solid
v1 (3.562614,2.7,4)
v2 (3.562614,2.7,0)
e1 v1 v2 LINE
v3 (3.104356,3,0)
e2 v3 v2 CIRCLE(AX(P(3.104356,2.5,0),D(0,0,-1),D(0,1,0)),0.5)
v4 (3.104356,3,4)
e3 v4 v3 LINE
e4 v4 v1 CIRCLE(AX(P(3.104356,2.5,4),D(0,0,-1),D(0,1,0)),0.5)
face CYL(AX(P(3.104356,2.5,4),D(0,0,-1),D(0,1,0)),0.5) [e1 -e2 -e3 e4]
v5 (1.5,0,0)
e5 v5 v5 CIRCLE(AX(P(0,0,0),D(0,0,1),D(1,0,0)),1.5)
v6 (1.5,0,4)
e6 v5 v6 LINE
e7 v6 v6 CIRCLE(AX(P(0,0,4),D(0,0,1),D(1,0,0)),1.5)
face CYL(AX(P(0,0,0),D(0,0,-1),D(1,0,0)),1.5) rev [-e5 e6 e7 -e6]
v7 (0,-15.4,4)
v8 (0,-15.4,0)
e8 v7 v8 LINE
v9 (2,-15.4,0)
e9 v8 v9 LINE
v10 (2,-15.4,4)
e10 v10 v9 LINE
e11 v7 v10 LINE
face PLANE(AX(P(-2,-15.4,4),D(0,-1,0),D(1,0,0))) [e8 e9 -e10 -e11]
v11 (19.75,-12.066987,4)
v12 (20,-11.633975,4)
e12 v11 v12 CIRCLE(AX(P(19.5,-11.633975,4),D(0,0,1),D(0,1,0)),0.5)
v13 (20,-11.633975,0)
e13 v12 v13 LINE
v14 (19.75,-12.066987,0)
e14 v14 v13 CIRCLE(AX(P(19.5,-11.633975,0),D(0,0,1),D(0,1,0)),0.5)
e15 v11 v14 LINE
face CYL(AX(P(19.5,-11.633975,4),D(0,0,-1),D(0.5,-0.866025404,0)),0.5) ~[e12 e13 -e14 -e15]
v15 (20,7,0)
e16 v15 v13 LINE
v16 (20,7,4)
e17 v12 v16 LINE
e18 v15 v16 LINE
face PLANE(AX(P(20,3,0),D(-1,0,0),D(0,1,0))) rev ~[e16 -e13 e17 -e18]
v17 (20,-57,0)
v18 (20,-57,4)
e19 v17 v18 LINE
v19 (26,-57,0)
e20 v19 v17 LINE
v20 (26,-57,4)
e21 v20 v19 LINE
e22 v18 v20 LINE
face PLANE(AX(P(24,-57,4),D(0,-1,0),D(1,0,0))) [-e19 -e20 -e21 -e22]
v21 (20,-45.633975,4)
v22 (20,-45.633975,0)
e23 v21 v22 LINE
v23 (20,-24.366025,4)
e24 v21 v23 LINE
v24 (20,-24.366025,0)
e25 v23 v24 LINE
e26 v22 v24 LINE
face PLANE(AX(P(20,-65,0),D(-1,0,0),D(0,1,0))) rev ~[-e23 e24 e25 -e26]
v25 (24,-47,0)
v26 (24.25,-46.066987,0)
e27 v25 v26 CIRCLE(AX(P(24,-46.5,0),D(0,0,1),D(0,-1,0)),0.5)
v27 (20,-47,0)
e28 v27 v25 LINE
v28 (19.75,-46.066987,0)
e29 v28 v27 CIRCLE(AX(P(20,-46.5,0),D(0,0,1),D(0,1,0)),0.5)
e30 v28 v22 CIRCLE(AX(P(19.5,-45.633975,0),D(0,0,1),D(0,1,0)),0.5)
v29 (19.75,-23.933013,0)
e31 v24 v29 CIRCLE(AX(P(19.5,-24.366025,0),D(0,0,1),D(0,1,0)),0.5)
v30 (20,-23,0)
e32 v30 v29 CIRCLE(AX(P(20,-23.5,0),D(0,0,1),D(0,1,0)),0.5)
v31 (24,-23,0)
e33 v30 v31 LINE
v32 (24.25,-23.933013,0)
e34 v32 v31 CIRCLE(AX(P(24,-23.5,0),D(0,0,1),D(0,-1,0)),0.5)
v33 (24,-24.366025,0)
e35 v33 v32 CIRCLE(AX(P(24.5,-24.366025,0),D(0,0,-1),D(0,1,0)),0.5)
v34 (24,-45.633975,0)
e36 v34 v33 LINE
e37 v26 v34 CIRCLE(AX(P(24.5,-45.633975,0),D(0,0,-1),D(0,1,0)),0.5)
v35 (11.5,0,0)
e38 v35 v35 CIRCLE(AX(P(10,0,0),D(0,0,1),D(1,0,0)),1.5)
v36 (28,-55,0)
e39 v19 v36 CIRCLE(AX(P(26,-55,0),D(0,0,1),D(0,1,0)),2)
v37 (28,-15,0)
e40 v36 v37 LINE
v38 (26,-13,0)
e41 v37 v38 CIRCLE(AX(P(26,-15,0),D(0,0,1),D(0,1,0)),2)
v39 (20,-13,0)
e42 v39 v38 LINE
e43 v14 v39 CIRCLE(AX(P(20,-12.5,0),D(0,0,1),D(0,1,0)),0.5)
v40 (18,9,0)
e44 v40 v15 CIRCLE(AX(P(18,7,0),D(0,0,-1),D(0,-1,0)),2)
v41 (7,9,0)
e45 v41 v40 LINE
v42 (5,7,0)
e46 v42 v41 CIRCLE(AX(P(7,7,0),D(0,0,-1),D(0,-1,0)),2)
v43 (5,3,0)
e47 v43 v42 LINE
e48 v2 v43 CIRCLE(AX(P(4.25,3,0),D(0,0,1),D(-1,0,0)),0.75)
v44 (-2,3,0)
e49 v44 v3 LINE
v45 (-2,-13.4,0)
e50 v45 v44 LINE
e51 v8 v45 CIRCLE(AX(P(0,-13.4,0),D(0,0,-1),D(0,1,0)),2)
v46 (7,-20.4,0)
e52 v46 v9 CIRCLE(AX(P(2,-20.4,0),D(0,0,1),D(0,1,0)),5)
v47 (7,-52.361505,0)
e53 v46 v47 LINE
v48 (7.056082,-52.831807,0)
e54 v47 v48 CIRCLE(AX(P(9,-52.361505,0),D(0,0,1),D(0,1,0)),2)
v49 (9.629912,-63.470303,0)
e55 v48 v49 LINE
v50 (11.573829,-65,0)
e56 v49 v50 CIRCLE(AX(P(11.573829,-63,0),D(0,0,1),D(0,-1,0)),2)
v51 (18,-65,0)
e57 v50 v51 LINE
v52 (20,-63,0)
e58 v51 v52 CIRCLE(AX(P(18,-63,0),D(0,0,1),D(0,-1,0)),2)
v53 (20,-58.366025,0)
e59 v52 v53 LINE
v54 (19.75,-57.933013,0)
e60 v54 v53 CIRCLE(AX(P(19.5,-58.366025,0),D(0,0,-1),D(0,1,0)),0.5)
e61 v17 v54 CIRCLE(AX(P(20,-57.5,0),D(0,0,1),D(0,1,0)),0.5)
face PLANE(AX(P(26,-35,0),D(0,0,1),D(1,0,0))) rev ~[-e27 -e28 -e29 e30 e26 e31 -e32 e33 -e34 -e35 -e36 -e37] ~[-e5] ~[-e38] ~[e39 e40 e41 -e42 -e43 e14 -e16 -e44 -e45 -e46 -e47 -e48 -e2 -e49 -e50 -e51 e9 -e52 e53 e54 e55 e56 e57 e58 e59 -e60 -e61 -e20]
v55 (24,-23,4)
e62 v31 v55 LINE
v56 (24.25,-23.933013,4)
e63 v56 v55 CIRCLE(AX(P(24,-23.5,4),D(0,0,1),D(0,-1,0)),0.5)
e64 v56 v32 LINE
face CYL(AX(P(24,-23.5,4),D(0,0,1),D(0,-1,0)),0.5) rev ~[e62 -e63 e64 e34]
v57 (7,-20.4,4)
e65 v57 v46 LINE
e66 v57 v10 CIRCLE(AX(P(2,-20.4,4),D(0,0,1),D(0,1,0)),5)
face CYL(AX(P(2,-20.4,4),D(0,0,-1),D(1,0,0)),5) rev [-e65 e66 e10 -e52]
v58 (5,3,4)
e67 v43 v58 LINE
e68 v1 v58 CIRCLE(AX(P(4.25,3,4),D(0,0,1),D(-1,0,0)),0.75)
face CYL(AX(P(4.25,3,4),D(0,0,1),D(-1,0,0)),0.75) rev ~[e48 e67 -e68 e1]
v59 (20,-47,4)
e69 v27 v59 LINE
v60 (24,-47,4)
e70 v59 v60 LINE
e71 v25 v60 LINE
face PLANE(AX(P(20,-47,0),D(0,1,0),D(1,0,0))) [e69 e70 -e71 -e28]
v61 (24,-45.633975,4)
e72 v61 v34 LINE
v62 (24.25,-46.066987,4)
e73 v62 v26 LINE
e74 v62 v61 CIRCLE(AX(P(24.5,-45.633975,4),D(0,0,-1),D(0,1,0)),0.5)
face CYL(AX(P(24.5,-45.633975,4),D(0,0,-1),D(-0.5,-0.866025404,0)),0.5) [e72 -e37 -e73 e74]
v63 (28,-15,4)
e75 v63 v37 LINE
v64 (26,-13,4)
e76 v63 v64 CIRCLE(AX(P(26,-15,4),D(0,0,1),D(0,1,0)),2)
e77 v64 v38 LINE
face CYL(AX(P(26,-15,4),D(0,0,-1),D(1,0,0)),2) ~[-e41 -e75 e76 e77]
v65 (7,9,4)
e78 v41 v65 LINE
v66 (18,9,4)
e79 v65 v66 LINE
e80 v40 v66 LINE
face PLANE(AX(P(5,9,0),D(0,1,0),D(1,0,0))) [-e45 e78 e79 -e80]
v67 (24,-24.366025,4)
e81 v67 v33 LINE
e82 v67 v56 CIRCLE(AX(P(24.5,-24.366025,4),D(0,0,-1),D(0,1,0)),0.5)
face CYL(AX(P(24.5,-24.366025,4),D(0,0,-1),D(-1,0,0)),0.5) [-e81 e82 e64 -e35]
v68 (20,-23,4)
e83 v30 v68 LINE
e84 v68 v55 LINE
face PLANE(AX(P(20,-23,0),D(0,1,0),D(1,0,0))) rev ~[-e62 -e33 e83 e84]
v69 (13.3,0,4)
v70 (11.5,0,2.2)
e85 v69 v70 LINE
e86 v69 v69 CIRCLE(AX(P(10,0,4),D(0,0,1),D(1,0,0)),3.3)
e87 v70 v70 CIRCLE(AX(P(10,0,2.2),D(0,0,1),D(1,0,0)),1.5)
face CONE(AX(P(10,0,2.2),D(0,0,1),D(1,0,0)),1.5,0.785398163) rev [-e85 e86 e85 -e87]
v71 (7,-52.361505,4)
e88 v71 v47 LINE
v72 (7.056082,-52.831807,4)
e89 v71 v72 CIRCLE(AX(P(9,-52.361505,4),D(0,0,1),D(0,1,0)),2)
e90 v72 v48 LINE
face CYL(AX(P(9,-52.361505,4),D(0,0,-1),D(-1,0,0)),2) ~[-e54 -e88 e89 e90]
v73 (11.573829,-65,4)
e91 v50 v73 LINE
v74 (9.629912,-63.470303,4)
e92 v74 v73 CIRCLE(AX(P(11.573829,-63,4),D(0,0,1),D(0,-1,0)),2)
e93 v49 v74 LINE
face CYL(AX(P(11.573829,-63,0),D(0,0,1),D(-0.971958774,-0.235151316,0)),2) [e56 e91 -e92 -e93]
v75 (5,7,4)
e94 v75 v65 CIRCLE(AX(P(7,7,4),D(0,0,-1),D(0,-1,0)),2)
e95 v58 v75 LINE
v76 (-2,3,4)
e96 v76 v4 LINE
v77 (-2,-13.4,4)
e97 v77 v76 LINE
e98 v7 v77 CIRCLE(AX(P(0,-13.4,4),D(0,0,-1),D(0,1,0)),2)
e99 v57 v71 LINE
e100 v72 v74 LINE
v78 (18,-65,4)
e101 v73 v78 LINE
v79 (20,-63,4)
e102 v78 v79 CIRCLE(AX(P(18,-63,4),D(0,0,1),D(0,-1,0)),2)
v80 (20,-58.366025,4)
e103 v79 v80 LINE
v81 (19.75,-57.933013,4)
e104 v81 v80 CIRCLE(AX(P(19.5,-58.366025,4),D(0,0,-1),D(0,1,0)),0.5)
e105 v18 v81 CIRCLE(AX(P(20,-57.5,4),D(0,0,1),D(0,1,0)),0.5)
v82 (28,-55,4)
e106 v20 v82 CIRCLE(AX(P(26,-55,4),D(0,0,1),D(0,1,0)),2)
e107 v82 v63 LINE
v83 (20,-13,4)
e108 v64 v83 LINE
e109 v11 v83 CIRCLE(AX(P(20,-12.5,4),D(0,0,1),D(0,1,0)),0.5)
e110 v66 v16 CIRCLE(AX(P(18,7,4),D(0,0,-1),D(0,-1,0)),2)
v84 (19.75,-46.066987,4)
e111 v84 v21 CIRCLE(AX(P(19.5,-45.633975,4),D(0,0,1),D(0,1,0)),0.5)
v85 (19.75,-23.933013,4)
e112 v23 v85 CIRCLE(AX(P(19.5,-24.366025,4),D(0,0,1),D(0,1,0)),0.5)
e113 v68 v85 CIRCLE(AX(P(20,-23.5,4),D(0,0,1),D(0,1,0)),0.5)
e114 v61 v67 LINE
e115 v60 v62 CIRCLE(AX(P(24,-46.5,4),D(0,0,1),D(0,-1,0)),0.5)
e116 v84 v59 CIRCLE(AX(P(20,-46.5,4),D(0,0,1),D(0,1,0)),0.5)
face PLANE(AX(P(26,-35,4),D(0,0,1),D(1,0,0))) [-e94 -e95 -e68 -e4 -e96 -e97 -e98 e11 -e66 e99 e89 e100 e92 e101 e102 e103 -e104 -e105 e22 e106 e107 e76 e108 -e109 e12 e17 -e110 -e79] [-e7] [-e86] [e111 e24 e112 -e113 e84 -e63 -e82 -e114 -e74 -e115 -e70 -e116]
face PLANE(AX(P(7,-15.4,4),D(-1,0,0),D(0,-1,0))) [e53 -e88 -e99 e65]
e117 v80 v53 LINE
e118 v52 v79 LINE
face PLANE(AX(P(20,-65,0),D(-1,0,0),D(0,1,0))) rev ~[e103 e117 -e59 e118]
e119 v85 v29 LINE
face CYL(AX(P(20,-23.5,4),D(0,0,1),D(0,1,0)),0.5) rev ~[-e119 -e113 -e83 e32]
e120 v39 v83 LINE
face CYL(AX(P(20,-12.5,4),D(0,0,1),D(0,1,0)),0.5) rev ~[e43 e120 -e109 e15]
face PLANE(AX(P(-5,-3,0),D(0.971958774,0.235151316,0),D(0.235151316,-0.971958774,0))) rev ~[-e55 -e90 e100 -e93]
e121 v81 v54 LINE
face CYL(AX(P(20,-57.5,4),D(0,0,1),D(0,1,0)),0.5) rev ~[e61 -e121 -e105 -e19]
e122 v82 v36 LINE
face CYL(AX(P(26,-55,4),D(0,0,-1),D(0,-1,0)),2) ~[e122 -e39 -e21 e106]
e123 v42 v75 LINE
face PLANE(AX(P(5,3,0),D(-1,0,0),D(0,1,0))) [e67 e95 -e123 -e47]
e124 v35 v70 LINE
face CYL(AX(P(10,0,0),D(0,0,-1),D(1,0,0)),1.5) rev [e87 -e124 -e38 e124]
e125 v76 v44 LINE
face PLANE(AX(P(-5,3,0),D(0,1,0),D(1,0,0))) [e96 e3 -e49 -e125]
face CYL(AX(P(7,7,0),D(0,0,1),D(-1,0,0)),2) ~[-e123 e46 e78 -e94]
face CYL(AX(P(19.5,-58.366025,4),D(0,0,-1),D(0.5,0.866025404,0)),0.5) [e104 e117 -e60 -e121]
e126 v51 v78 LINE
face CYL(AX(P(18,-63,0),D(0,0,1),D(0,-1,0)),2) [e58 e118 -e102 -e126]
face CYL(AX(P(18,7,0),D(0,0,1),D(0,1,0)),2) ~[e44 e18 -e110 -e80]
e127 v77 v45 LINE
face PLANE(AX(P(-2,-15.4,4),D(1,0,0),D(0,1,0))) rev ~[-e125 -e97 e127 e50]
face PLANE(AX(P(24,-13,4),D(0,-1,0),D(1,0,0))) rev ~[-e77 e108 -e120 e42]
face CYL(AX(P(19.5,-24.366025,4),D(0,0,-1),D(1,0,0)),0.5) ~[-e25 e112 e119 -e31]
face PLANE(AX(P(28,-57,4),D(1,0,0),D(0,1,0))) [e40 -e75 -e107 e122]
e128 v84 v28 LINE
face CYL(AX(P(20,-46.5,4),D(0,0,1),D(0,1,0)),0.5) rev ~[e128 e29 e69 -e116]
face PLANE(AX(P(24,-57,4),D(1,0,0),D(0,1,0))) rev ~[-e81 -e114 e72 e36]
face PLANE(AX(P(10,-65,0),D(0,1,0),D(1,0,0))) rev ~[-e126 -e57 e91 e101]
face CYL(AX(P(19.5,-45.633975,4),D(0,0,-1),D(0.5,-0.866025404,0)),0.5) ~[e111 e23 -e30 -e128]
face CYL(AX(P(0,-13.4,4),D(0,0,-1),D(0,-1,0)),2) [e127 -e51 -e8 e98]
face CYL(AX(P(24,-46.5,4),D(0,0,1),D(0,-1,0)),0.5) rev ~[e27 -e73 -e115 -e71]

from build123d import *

# Parameters (mm, degrees)
SKETCH_1_W          = 15
SKETCH_1_H          = 6
SKETCH_1_W_2        = 25
SKETCH_1_R          = 1.5
SKETCH_1_W_3        = 4
SKETCH_1_H_2        = 10
EXTRUDE_1_DEPTH     = 4
CUT_EXTRUDE_1_DEPTH = 4
CHAMFER_1_SIZE      = 1.8
SKETCH_3_W          = 4
SKETCH_3_H          = 44
EXTRUDE_2_DEPTH     = 4
CUT_EXTRUDE_2_DEPTH = 4
FILLET_1_R          = 0.5
SKETCH_12_W         = 3
SKETCH_12_H         = 18.4
CUT_EXTRUDE_6_DEPTH = 10
CUT_EXTRUDE_7_DEPTH = 10
FILLET_2_R          = 5
FILLET_3_R          = 2


with BuildPart() as part:
    # 草图1 → 凸台-拉伸1 (new body)
    # profile 1 of 5: a face of its own
    with BuildSketch(Plane.XY):
        with Locations((12.5, 6)):
            Rectangle(SKETCH_1_W, SKETCH_1_H)
    # profile 2 of 5: a face of its own
    with BuildSketch(Plane.XY):
        with Locations((7.5, 0)):
            Rectangle(SKETCH_1_W_2, SKETCH_1_H)
        Circle(SKETCH_1_R, mode=Mode.SUBTRACT)
        with Locations((10, 0)):
            Circle(SKETCH_1_R, mode=Mode.SUBTRACT)
    # profile 3 of 5: a face of its own
    with BuildSketch(Plane.XY):
        Polygon((10, -65), (20, -65), (20, -3), (-5, -3), align=None)
    # profile 4 of 5: a face of its own
    with BuildSketch(Plane.XY):
        with Locations((22, -18)):
            Rectangle(SKETCH_1_W_3, SKETCH_1_H_2)
    # profile 5 of 5: a face of its own
    with BuildSketch(Plane.XY):
        with Locations((22, -52)):
            Rectangle(SKETCH_1_W_3, SKETCH_1_H_2)
    extrude(amount=EXTRUDE_1_DEPTH)

    # 草图2 → 切除-拉伸1 (cut)
    with BuildSketch(Plane.XY.offset(4)):
        with BuildLine():
            Line((20, -13), (20, -12))
            ThreePointArc((20, -12), (19.5, -12.5), (20, -13))
        make_face()
        with BuildLine():
            Line((20, -24), (20, -23))
            ThreePointArc((20, -23), (19.5, -23.5), (20, -24))
        make_face()
        with BuildLine():
            Line((20, -47), (20, -46))
            ThreePointArc((20, -46), (19.5, -46.5), (20, -47))
        make_face()
        with BuildLine():
            Line((20, -58), (20, -57))
            ThreePointArc((20, -57), (19.5, -57.5), (20, -58))
        make_face()
        with BuildLine():
            ThreePointArc((3.5, 3), (4.25, 2.25), (5, 3))
            Line((5, 3), (3.5, 3))
        make_face()
    extrude(amount=-CUT_EXTRUDE_1_DEPTH, mode=Mode.SUBTRACT)

    # 倒角1
    chamfer_1_edges = [part.edges().sort_by_distance(p)[0] for p in [
        (8.5, 0, 4),
    ]]
    chamfer(chamfer_1_edges, length=CHAMFER_1_SIZE)

    # 草图3 → 凸台-拉伸2 (add)
    with BuildSketch(Plane.XY.offset(4)):
        with Locations((26, -35)):
            Rectangle(SKETCH_3_W, SKETCH_3_H)
    extrude(amount=-EXTRUDE_2_DEPTH)

    # 草图4 → 切除-拉伸2 (cut)
    with BuildSketch(Plane.XY.offset(4)):
        with BuildLine():
            Line((24, -23), (24, -24))
            ThreePointArc((24, -24), (24.5, -23.5), (24, -23))
        make_face()
        with BuildLine():
            Line((24, -46), (24, -47))
            ThreePointArc((24, -47), (24.5, -46.5), (24, -46))
        make_face()
    extrude(amount=-CUT_EXTRUDE_2_DEPTH, mode=Mode.SUBTRACT)

    # 圆角1
    fillet_1_edges = [part.edges().sort_by_distance(p)[0] for p in [
        (24, -24, 2),
        (24, -46, 2),
        (20, -24, 2),
        (20, -46, 2),
        (20, -58, 2),
        (3.5, 3, 2),
        (20, -12, 2),
    ]]
    fillet(fillet_1_edges, radius=FILLET_1_R)

    # 草图12 → 切除-拉伸6 (cut)
    with BuildSketch(Plane.XY.offset(4)):
        with Locations((-3.5, -6.2)):
            Rectangle(SKETCH_12_W, SKETCH_12_H)
    extrude(amount=-CUT_EXTRUDE_6_DEPTH, mode=Mode.SUBTRACT)

    # 草图13 → 切除-拉伸7 (cut)
    with BuildSketch(Plane.XY.offset(4)):
        Polygon((7, -52.6), (-2, -15.4), (7, -15.4), align=None)
    extrude(amount=-CUT_EXTRUDE_7_DEPTH, mode=Mode.SUBTRACT)

    # 圆角2
    fillet_2_edges = [part.edges().sort_by_distance(p)[0] for p in [
        (7, -15.4, 2),
    ]]
    fillet(fillet_2_edges, radius=FILLET_2_R)

    # 圆角3
    fillet_3_edges = [part.edges().sort_by_distance(p)[0] for p in [
        (28, -13, 2),
        (28, -57, 2),
        (-2, -15.4, 2),
        (7, -52.6, 2),
        (5, 9, 2),
        (20, 9, 2),
        (20, -65, 2),
        (10, -65, 2),
    ]]
    fillet(fillet_3_edges, radius=FILLET_3_R)


solid = part.part
